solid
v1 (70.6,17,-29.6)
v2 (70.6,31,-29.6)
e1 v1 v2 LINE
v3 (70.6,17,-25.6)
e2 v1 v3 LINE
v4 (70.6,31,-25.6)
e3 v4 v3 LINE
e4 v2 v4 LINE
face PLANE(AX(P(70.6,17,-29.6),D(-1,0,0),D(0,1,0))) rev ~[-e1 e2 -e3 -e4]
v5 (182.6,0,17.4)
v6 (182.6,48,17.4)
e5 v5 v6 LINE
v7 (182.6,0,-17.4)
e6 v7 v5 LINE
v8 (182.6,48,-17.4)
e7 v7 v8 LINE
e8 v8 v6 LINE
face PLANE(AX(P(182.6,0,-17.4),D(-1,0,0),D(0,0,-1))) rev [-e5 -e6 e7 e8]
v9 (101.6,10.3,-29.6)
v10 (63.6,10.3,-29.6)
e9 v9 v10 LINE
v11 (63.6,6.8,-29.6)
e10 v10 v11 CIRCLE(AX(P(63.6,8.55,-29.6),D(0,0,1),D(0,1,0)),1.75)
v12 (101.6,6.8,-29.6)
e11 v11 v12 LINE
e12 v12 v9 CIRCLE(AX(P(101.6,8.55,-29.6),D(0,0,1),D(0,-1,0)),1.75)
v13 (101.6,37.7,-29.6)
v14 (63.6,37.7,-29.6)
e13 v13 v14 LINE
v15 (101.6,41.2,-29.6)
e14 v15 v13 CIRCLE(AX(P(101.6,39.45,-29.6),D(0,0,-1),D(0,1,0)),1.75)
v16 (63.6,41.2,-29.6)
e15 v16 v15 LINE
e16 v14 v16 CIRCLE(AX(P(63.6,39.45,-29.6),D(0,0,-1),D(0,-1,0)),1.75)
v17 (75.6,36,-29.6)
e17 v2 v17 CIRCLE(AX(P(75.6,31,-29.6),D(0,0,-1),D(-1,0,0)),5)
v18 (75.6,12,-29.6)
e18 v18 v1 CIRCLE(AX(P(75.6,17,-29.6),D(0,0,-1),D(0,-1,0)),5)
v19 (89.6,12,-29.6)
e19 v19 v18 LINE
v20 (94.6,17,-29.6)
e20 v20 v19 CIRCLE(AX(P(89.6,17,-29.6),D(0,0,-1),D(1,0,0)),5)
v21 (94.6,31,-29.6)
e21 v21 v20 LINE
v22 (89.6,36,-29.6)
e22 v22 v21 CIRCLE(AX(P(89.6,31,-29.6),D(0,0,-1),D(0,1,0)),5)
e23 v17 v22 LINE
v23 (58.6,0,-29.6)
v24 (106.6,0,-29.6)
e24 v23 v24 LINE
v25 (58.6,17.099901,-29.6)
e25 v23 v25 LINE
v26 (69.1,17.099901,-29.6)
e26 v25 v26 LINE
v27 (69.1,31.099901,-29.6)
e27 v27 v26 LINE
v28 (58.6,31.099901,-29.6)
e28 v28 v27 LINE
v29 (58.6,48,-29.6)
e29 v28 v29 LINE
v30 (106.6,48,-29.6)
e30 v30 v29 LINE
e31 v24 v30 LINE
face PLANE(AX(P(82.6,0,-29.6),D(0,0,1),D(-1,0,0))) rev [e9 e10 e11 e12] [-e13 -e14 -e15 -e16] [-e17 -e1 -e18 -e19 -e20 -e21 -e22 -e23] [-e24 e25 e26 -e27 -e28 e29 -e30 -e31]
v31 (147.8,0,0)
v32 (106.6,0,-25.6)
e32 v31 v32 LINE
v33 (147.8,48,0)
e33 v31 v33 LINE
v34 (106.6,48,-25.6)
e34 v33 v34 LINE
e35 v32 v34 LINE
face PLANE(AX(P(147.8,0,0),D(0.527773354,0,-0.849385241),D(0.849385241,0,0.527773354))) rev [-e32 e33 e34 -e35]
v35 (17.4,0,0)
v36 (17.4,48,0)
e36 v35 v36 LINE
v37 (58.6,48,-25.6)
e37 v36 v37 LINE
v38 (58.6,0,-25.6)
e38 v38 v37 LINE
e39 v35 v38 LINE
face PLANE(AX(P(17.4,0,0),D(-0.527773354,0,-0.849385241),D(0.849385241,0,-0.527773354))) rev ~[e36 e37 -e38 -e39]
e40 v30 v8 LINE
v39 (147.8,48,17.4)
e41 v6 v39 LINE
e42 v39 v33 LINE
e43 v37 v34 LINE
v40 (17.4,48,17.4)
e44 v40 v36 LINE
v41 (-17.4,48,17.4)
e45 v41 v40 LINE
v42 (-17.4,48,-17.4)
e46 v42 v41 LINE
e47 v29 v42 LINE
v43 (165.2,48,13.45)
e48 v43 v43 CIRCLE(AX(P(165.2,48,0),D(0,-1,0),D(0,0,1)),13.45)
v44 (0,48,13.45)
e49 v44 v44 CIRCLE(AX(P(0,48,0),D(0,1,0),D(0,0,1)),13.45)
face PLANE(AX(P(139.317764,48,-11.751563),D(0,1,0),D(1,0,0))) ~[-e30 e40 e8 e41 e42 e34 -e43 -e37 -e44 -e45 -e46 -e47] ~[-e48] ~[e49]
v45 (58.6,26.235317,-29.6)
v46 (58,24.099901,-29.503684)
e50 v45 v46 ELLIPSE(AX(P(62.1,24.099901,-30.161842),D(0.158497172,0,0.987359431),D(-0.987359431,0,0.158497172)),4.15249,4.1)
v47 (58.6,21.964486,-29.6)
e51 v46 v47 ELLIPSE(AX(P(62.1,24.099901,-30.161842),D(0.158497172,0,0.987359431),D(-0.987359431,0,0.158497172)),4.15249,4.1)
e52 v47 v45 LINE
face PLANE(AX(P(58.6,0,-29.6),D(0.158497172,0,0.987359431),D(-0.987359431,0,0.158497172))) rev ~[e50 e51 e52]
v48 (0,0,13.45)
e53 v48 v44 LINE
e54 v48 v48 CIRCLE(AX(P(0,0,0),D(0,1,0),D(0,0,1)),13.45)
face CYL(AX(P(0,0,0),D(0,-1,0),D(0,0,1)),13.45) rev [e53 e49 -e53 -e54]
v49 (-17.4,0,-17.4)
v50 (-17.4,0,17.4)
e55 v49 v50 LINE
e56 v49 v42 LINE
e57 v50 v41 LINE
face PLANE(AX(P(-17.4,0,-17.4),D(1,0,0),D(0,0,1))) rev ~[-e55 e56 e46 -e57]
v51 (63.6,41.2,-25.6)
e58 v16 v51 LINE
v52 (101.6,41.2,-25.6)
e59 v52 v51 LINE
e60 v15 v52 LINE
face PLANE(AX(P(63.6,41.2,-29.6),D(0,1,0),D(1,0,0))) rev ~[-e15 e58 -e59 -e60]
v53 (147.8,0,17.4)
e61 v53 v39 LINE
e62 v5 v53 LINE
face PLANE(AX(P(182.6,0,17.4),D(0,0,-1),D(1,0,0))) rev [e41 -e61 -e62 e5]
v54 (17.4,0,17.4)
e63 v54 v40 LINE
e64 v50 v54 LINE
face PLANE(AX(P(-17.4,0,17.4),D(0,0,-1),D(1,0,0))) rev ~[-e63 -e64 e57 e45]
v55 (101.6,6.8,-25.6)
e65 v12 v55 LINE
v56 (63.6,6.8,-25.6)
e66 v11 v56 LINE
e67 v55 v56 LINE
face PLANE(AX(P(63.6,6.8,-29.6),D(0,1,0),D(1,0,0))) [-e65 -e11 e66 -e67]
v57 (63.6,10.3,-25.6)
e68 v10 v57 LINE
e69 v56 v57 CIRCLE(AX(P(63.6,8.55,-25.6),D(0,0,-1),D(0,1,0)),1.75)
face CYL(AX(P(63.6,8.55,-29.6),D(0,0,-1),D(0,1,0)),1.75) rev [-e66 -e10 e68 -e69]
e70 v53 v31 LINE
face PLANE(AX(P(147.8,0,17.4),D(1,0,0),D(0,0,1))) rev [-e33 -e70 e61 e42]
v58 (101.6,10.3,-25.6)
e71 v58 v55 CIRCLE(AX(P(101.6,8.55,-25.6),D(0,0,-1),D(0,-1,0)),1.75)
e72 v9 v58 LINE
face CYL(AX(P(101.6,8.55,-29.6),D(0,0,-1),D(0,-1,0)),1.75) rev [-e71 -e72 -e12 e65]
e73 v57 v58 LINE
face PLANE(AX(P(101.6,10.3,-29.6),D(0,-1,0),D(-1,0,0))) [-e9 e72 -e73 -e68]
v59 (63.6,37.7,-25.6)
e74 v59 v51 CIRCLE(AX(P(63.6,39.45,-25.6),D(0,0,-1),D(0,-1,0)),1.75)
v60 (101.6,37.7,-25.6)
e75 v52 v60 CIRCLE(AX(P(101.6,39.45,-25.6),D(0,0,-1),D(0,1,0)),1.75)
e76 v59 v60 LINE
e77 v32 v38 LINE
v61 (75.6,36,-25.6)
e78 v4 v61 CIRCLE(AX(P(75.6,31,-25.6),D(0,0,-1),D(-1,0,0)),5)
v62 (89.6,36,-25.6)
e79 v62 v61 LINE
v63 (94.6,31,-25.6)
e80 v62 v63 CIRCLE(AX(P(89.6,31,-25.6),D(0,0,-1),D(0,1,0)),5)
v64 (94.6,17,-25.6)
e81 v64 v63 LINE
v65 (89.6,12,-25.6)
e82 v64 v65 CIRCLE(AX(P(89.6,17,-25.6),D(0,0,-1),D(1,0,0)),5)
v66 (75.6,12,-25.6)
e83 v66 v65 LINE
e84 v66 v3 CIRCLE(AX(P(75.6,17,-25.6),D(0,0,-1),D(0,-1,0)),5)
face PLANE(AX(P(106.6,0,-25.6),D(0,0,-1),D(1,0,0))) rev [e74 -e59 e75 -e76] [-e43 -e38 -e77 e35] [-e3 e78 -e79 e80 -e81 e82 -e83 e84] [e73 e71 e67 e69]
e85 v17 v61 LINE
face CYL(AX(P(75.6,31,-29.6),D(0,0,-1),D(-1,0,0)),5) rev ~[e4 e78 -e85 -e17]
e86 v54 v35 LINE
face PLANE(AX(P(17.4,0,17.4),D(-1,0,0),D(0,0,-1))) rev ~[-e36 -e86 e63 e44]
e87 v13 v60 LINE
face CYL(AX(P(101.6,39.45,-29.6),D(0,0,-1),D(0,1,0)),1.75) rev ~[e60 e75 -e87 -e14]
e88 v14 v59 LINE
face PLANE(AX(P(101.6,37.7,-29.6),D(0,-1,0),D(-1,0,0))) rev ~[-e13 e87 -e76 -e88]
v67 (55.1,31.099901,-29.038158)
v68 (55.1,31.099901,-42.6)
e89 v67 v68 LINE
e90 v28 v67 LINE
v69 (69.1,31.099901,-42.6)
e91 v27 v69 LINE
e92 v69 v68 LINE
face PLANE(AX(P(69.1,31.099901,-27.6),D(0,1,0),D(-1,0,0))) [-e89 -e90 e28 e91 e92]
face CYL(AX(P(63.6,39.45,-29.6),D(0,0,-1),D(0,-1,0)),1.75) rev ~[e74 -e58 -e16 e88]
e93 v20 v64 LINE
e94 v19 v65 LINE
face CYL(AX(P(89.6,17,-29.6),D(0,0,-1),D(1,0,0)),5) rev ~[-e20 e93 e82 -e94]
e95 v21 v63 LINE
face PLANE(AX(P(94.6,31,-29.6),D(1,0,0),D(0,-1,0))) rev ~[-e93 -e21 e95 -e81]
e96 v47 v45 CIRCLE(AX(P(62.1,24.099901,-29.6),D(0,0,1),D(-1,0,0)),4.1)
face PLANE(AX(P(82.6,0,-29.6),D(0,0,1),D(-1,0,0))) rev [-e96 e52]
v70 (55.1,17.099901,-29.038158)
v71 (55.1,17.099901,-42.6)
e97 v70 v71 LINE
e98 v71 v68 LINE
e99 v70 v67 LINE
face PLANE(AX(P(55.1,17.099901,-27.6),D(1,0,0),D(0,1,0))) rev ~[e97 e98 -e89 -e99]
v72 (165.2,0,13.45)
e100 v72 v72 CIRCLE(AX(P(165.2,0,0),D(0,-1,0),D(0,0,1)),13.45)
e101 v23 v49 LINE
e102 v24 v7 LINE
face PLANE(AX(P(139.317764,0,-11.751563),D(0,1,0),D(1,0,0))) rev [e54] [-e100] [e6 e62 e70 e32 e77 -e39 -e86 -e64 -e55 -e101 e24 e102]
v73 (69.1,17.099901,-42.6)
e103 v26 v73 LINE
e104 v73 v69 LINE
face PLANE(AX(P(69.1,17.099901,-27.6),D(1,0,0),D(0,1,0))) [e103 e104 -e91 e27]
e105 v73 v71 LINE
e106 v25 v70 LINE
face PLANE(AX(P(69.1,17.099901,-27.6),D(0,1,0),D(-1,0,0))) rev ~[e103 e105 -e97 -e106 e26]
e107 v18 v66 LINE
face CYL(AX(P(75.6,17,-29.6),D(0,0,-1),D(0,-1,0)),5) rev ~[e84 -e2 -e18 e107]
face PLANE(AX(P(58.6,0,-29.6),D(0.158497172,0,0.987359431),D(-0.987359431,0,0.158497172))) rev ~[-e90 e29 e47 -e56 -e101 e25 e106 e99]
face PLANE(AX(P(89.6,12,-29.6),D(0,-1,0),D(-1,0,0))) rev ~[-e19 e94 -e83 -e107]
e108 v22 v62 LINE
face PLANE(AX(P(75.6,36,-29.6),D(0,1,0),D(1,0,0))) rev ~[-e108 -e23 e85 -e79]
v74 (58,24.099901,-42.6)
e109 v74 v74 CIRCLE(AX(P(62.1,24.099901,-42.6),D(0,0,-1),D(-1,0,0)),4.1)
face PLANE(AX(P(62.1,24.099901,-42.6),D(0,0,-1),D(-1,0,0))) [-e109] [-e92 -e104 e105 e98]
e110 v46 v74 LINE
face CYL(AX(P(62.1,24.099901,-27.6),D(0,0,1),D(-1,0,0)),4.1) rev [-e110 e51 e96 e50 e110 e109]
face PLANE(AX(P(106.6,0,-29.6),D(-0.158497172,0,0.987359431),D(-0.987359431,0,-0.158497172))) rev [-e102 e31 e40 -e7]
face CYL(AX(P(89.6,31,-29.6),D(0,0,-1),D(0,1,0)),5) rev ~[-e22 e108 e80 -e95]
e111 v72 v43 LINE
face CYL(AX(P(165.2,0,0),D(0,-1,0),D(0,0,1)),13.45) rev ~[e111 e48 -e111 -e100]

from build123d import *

# Parameters (mm, degrees)
SKETCH2_R                = 13.45
BOSS_EXTRUDE1_DEPTH      = 48
CUT_EXTRUDE1_DEPTH       = 10
BOSS_EXTRUDE2_DEPTH      = 13
BOSS_EXTRUDE2_DEPTH_BACK = 2
SKETCH5_W                = 14
SKETCH5_H                = 14
SKETCH5_R                = 4.1


with BuildPart() as part:
    # Sketch2 → Boss-Extrude1 (new body)
    with BuildSketch(Plane(origin=(0, 0, 0), x_dir=(1, 0, 0), z_dir=(0, 1, 0))):
        Polygon((-17.4, -17.4), (17.4, -17.4), (17.4, 0), (58.6, 25.6), (82.6, 25.6), (82.6, 29.6), (58.6, 29.6), (-17.4, 17.4), align=None)
        with Locations(Location((0, 0, 0), (0, 0, 270))):
            Circle(SKETCH2_R, mode=Mode.SUBTRACT)
    boss_extrude1 = extrude(amount=BOSS_EXTRUDE1_DEPTH)

    # Mirror1: Boss-Extrude1 across plane
    add(boss_extrude1.mirror(Plane(origin=(82.6, 0, 0), x_dir=(0, 0, 1), z_dir=(1, 0, 0))))

    # Sketch4 → Cut-Extrude1 (cut)
    with BuildSketch(Plane(origin=(0, 0, -29.6), x_dir=(-1, 0, 0), z_dir=(0, 0, -1))):
        with BuildLine():
            Line((-101.6, 10.3), (-63.6, 10.3))
            ThreePointArc((-63.6, 10.3), (-61.85, 8.55), (-63.6, 6.8))
            Line((-63.6, 6.8), (-101.6, 6.8))
            ThreePointArc((-101.6, 6.8), (-103.35, 8.55), (-101.6, 10.3))
        make_face()
        with BuildLine():
            Line((-101.6, 37.7), (-63.6, 37.7))
            ThreePointArc((-63.6, 37.7), (-61.85, 39.45), (-63.6, 41.2))
            Line((-63.6, 41.2), (-101.6, 41.2))
            ThreePointArc((-101.6, 41.2), (-103.35, 39.45), (-101.6, 37.7))
        make_face()
        with BuildLine():
            Line((-89.6, 12), (-75.6, 12))
            ThreePointArc((-75.6, 12), (-72.064466094, 13.464466094), (-70.6, 17))
            Line((-70.6, 17), (-70.6, 31))
            ThreePointArc((-70.6, 31), (-72.064466094, 34.535533906), (-75.6, 36))
            Line((-75.6, 36), (-89.6, 36))
            ThreePointArc((-89.6, 36), (-93.135533906, 34.535533906), (-94.6, 31))
            Line((-94.6, 31), (-94.6, 17))
            ThreePointArc((-94.6, 17), (-93.135533906, 13.464466094), (-89.6, 12))
        make_face()
    extrude(amount=-CUT_EXTRUDE1_DEPTH, mode=Mode.SUBTRACT)

    # Sketch5 → Boss-Extrude2 (add, two sides: drawn at the far end of the back side and taken through both)
    with BuildSketch(Plane(origin=(0, 0, -29.6), x_dir=(-1, 0, 0), z_dir=(0, 0, -1)).offset(-BOSS_EXTRUDE2_DEPTH_BACK)):
        with Locations((-62.1, 24.09990131)):
            Rectangle(SKETCH5_W, SKETCH5_H)
        with Locations((-62.1, 24.09990131)):
            Circle(SKETCH5_R, mode=Mode.SUBTRACT)
    extrude(amount=BOSS_EXTRUDE2_DEPTH + BOSS_EXTRUDE2_DEPTH_BACK)


solid = part.part
